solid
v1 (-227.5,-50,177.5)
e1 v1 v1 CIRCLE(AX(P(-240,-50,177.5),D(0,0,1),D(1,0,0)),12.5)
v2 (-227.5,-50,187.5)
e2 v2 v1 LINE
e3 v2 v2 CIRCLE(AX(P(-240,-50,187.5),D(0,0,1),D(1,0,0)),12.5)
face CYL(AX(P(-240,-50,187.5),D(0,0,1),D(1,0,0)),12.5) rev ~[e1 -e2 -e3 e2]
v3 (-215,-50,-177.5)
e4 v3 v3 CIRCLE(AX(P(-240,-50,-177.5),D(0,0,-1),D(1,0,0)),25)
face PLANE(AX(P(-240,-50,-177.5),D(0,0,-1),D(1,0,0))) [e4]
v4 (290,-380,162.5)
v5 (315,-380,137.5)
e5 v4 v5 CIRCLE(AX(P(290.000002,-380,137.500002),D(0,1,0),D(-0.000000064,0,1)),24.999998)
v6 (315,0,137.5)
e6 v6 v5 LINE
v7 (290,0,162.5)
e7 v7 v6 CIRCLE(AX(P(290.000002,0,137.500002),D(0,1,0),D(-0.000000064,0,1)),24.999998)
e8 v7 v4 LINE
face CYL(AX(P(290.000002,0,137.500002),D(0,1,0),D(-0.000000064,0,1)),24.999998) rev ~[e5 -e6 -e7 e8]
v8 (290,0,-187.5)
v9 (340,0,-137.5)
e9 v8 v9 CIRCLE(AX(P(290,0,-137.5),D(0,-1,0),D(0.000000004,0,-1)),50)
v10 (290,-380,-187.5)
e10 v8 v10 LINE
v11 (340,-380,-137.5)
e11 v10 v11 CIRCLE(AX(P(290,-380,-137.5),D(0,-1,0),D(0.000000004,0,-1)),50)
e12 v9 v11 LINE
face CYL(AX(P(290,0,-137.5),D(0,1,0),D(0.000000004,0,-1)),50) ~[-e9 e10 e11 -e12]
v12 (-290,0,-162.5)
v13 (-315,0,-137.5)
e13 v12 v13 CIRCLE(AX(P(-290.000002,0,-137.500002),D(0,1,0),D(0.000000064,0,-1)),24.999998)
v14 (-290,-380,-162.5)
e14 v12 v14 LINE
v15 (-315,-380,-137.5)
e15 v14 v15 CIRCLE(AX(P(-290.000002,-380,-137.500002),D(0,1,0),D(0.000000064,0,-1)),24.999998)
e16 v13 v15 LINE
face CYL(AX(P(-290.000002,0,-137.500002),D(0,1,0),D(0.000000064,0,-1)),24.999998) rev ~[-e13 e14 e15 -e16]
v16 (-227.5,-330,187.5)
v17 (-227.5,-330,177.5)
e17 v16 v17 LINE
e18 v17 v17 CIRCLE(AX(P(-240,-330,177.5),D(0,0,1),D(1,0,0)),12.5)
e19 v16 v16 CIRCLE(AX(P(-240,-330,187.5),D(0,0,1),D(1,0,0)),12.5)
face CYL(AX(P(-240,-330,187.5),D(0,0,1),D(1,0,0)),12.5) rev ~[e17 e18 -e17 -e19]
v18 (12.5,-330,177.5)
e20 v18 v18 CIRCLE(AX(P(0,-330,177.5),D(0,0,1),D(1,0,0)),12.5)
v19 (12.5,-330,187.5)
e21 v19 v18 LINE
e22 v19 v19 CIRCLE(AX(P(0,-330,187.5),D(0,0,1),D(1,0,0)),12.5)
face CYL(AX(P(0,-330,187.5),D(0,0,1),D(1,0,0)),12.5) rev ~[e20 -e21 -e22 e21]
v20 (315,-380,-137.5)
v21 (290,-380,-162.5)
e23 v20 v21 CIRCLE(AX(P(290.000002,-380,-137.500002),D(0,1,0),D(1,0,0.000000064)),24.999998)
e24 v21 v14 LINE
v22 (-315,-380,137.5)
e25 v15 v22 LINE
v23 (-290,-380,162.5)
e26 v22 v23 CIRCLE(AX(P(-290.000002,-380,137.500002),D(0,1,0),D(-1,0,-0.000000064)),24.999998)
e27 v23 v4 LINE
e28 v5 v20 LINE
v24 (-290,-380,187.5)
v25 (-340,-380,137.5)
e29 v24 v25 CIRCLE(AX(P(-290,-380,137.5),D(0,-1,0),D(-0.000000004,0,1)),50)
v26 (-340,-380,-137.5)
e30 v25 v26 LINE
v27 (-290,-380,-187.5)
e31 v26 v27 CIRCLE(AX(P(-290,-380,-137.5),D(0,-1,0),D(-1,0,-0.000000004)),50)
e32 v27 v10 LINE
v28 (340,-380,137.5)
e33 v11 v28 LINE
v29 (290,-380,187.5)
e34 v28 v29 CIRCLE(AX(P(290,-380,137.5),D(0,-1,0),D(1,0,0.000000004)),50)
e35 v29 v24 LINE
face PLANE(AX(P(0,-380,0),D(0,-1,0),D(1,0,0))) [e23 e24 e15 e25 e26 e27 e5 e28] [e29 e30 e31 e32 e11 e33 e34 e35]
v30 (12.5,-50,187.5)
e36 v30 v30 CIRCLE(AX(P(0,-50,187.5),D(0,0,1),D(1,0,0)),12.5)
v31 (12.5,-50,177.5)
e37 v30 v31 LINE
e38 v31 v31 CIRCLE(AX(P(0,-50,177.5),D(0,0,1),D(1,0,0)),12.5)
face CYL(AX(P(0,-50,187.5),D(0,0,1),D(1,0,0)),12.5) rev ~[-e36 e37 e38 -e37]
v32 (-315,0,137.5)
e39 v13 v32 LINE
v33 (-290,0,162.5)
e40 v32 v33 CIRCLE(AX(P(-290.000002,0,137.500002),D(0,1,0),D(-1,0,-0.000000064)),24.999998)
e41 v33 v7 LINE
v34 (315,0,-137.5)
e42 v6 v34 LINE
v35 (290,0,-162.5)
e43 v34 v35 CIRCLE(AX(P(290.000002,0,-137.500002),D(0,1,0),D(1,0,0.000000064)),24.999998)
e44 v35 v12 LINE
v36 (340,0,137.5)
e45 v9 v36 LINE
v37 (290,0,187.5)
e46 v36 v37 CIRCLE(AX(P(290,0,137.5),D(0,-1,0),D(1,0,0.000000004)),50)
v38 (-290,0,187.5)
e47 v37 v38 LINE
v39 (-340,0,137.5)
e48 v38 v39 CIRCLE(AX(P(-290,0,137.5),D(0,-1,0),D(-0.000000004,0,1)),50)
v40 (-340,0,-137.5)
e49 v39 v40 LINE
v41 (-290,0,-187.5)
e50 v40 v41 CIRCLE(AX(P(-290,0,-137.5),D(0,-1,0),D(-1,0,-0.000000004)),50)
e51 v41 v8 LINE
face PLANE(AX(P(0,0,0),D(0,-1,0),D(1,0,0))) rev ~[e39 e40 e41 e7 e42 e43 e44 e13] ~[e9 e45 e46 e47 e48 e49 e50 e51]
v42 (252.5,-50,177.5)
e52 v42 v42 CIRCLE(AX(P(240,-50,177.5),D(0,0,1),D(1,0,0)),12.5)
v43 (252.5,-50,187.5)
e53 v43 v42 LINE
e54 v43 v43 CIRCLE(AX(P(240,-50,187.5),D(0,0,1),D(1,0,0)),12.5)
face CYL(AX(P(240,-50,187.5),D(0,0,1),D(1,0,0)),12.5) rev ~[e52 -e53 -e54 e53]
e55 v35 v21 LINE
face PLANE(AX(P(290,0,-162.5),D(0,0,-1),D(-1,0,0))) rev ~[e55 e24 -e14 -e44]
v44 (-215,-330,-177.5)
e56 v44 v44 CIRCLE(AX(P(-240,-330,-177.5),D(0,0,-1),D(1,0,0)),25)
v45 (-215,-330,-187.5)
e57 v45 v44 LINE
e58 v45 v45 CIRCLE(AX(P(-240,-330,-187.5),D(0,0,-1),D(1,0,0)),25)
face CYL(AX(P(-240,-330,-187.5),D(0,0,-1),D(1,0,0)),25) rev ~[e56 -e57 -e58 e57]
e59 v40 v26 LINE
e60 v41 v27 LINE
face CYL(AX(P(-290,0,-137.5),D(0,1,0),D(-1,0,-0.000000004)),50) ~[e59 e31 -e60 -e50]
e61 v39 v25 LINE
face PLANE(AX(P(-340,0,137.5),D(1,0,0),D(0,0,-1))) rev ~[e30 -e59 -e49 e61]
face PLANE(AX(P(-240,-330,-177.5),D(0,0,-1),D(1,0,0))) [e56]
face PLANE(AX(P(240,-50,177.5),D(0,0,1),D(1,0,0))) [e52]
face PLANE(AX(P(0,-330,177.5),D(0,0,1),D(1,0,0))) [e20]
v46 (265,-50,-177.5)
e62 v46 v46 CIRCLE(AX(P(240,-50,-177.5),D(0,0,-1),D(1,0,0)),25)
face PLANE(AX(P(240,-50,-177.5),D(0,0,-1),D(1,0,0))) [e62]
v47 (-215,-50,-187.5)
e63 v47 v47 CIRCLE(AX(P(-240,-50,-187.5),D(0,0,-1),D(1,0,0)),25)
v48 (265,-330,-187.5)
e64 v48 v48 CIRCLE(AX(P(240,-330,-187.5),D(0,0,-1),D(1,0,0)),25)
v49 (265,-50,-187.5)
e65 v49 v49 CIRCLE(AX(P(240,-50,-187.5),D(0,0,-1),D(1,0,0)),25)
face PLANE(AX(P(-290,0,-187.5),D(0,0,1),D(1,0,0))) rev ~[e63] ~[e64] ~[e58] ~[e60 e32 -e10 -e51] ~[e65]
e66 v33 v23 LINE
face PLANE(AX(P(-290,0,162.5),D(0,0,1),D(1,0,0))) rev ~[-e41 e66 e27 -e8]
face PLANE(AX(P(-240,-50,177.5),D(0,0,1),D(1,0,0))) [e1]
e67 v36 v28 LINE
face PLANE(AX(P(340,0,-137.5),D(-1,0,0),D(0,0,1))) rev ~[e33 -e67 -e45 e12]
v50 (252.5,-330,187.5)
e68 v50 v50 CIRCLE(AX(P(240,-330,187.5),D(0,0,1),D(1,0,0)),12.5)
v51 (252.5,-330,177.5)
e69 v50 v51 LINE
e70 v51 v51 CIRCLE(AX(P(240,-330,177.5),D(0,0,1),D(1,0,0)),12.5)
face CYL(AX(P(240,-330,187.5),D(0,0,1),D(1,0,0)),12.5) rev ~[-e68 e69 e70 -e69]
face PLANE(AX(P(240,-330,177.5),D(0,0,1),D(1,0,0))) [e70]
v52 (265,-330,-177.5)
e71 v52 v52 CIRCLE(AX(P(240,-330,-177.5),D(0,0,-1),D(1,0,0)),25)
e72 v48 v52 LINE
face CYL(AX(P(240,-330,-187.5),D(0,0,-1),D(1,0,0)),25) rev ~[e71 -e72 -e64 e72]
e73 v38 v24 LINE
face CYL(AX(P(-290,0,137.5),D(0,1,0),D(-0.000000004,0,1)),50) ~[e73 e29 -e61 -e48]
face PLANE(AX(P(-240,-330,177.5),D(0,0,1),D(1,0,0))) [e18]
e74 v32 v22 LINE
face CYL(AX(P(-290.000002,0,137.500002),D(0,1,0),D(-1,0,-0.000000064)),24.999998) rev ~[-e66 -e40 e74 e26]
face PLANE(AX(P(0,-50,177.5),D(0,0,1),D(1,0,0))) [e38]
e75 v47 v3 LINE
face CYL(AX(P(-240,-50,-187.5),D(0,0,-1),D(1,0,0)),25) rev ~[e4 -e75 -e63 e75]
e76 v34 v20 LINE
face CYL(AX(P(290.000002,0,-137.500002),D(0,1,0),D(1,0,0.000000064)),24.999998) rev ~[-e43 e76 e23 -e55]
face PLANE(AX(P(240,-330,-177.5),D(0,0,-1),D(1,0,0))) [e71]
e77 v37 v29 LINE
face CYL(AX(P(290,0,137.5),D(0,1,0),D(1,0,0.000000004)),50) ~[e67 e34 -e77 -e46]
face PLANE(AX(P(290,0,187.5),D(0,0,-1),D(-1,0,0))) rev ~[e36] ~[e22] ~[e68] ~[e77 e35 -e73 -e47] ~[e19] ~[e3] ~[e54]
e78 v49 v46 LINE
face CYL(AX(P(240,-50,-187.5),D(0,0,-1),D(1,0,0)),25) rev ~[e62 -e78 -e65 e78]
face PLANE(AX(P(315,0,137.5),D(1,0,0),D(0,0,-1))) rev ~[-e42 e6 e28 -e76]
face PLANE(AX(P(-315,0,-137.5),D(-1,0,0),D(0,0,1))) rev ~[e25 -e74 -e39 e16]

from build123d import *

# Parameters (mm, degrees)
F1_DEPTH = 380
F2_R     = 25
F3_DEPTH = 10
F4_R     = 12.5
F5_DEPTH = 10


with BuildPart() as f1:
    # F0 (on Front) → F1 (new body)
    with BuildSketch(Plane.XZ):
        with BuildLine():
            Line((-290, -187.5), (290, -187.5))
            ThreePointArc((290, -187.5), (325.355339, -172.855339), (340, -137.5))
            Line((340, -137.5), (340, 137.5))
            ThreePointArc((340, 137.5), (325.355339, 172.855339), (290, 187.5))
            Line((290, 187.5), (-290, 187.5))
            ThreePointArc((-290, 187.5), (-325.355339, 172.855339), (-340, 137.5))
            Line((-340, 137.5), (-340, -137.5))
            ThreePointArc((-340, -137.5), (-325.355339, -172.855339), (-290, -187.5))
        make_face()
        with BuildLine():
            ThreePointArc((315, -137.5), (307.67767, -155.17767), (290, -162.5))
            Line((290, -162.5), (-290, -162.5))
            ThreePointArc((-290, -162.5), (-307.67767, -155.17767), (-315, -137.5))
            Line((-315, -137.5), (-315, 137.5))
            ThreePointArc((-315, 137.5), (-307.67767, 155.17767), (-290, 162.5))
            Line((-290, 162.5), (290, 162.5))
            ThreePointArc((290, 162.5), (307.67767, 155.17767), (315, 137.5))
            Line((315, 137.5), (315, -137.5))
        make_face(mode=Mode.SUBTRACT)
    extrude(amount=F1_DEPTH)

    # F2 (on face) → F3 (cut)
    with BuildSketch(Plane(origin=(0, 0, -187.5), x_dir=(1, 0, 0), z_dir=(0, 0, -1))):
        with Locations((-240, 330)):
            Circle(F2_R)
        with Locations((-240, 50)):
            Circle(F2_R)
        with Locations((240, 50)):
            Circle(F2_R)
        with Locations((240, 330)):
            Circle(F2_R)
    extrude(amount=-F3_DEPTH, mode=Mode.SUBTRACT)

    # F4 (on face) → F5 (cut)
    with BuildSketch(Plane.XY.offset(187.5)):
        with Locations((-240, -330)):
            Circle(F4_R)
        with Locations((-240, -50)):
            Circle(F4_R)
        with Locations((0, -330)):
            Circle(F4_R)
        with Locations((0, -50)):
            Circle(F4_R)
        with Locations((240, -330)):
            Circle(F4_R)
        with Locations((240, -50)):
            Circle(F4_R)
    extrude(amount=-F5_DEPTH, mode=Mode.SUBTRACT)


solid = f1.part
